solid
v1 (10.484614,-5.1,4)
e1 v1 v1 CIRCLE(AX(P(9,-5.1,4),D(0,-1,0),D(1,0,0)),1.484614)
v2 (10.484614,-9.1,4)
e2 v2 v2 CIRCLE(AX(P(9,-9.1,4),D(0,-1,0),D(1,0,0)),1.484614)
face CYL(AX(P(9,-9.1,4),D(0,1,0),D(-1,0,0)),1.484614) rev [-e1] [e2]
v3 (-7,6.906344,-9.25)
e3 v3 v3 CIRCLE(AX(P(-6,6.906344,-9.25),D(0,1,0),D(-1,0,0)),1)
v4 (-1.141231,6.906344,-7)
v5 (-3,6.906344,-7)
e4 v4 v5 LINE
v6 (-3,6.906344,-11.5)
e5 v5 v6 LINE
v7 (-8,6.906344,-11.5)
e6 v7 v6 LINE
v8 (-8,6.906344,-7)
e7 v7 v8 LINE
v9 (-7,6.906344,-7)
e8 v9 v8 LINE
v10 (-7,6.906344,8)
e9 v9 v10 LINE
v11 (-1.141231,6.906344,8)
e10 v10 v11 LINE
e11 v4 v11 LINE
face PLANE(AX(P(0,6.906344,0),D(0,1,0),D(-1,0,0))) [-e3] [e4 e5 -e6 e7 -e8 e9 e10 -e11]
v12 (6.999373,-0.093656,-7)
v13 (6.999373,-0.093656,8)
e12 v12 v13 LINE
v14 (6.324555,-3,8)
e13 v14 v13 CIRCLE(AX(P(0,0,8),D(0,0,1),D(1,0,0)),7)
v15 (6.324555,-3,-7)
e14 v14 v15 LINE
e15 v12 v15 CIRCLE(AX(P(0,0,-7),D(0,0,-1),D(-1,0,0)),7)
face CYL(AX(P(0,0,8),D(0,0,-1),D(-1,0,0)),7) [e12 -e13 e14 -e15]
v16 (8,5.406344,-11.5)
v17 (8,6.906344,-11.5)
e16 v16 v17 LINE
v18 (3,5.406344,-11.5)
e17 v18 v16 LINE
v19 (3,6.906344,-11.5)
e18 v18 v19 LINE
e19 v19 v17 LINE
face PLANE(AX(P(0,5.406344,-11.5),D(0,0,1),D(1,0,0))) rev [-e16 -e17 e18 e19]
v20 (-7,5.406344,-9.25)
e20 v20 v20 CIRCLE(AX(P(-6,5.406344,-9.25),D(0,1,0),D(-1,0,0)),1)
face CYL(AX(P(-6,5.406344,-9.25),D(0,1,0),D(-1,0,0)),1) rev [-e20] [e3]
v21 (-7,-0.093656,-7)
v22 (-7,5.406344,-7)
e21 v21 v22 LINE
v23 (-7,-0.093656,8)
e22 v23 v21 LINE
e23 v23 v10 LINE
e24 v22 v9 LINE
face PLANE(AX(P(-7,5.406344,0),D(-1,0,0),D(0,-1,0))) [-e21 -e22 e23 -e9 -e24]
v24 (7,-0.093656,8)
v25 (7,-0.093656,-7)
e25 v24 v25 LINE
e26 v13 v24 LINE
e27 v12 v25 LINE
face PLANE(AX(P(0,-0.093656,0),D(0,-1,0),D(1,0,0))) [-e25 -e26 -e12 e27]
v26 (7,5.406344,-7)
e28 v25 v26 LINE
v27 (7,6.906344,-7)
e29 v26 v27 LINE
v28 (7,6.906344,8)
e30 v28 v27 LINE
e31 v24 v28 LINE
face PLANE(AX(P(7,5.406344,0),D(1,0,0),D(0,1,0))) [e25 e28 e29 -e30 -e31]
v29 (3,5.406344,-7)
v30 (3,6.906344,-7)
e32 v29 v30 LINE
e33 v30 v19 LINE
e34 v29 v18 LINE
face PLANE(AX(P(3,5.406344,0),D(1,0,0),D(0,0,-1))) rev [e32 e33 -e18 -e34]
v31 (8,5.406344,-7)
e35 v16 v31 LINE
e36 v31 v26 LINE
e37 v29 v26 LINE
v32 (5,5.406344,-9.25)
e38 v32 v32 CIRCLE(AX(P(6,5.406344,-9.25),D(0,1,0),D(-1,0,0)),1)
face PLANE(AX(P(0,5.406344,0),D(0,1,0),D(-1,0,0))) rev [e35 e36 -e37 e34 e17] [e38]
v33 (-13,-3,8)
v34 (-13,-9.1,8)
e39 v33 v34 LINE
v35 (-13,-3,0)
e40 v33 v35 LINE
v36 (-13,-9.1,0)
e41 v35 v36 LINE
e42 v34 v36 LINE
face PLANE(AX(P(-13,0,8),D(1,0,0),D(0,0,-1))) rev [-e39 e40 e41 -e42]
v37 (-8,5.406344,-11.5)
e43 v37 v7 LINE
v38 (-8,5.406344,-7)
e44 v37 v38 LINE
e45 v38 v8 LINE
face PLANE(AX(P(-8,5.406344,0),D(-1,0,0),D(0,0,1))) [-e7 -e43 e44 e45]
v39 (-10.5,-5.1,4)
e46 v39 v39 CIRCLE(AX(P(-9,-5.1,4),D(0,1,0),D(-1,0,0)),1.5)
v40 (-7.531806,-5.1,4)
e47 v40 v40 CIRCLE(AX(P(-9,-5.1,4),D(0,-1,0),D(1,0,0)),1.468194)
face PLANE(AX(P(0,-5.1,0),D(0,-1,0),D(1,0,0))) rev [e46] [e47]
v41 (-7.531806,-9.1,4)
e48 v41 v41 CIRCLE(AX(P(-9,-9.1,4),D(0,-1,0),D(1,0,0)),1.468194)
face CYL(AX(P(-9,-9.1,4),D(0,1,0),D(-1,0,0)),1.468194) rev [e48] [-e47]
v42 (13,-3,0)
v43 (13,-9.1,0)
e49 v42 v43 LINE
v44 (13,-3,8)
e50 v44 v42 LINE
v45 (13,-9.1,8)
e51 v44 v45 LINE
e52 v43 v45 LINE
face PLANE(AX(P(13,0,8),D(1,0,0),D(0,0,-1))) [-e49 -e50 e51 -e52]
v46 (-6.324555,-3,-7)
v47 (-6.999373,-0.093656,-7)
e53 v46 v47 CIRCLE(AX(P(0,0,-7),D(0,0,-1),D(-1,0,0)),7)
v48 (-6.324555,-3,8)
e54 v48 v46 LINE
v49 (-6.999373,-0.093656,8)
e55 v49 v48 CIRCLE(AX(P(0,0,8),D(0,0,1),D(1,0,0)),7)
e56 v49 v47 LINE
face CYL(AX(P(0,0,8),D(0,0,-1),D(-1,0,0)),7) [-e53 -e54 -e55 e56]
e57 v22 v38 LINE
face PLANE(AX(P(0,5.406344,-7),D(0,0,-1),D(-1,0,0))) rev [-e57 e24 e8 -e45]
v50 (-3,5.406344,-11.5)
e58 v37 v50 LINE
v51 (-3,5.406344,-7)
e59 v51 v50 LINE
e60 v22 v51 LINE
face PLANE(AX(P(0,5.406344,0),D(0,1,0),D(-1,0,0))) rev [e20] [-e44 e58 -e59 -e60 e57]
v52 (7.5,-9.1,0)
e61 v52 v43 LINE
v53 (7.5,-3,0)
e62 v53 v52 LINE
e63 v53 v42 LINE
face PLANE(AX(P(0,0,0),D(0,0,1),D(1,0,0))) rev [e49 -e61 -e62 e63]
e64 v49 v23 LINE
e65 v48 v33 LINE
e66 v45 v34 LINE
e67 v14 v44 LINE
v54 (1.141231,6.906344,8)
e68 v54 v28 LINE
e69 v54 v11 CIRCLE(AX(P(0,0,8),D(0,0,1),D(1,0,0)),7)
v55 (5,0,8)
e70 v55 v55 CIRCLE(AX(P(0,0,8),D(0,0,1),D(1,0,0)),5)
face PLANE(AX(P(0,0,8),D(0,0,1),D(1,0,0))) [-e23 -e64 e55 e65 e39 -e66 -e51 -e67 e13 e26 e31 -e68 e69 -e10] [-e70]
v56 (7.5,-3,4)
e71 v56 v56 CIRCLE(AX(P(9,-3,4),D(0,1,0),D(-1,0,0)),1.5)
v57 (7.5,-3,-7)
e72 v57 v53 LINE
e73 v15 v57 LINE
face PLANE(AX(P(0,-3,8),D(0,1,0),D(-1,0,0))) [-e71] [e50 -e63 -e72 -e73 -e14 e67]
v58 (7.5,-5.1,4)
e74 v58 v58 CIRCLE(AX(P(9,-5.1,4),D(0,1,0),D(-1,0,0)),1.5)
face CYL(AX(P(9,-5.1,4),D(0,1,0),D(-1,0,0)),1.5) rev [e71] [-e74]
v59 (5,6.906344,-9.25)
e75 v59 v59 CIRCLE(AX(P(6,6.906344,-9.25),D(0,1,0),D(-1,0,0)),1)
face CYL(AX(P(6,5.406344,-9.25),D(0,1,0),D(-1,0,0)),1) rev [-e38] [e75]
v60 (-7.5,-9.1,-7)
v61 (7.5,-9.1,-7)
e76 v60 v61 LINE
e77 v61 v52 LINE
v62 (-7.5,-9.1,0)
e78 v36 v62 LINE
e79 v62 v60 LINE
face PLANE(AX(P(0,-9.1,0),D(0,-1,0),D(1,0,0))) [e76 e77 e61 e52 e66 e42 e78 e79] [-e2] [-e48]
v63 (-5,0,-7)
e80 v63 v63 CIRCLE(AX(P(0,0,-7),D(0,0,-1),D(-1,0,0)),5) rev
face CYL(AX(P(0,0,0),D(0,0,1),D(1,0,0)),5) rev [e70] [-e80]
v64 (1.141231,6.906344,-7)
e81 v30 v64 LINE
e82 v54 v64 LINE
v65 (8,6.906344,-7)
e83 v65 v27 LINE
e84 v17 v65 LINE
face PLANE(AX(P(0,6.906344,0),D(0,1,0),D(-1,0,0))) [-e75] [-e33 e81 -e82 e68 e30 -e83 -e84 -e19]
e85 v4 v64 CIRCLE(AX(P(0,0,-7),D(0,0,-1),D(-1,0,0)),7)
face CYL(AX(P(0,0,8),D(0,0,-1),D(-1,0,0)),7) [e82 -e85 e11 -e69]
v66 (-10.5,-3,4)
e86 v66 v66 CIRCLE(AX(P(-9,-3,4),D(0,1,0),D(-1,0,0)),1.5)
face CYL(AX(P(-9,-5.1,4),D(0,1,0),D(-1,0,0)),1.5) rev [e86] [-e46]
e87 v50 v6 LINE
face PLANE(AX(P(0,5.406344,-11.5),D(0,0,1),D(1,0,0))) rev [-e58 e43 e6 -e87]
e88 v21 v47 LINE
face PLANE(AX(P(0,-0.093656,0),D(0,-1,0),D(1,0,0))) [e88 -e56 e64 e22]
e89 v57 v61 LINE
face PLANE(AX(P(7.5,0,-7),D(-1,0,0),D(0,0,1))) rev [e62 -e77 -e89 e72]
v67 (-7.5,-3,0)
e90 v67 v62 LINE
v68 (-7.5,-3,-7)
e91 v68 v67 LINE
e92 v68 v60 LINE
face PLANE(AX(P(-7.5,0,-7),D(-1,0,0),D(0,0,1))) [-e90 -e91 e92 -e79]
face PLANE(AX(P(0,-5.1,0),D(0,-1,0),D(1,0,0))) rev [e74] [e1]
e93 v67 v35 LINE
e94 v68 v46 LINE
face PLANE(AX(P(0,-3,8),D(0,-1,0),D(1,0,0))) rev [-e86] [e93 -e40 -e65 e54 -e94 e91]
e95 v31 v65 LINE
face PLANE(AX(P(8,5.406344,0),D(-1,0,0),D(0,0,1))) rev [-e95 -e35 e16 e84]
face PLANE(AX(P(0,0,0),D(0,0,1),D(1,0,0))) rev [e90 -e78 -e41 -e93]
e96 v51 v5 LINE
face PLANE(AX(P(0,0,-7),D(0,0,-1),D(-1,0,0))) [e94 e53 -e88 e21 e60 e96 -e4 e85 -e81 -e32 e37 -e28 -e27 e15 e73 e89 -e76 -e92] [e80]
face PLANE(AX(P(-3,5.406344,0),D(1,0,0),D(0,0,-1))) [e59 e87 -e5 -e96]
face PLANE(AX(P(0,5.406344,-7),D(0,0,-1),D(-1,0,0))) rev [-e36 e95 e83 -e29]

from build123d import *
from build123d.topology import SkipClean

# Parameters (mm, degrees)
RESSALTO_EXTRUS_O4_DEPTH  = 8
ESBO_O7_W                 = 26
ESBO_O7_H                 = 8
RESSALTO_EXTRUS_O5_DEPTH  = 0.1
ESBO_O8_R                 = 5
CORTE_EXTRUS_O7_DEPTH     = 17.792855624
RESSALTO_EXTRUS_O6_DEPTH  = 7
ESBO_O10_R                = 1.5
CORTE_EXTRUS_O8_DEPTH     = 19.248287591
RESSALTO_EXTRUS_O7_DEPTH  = 1.5
ESBO_O12_W                = 2.553491136
ESBO_O12_H                = 15
RESSALTO_EXTRUS_O9_DEPTH  = 5.5
ESBO_O13_R                = 5
CORTE_EXTRUS_O9_DEPTH     = 22.04756518
ESBO_O14_R                = 1.468193857
ESBO_O14_R_2              = 1.484614178
RESSALTO_EXTRUS_O10_DEPTH = 4


with BuildPart() as part:
    # Esboço4 → Ressalto-extrusão4 (new body)
    with BuildSketch(Plane.XY):
        with BuildLine():
            Line((-13, -5), (13, -5))
            Line((13, -5), (13, -3))
            Line((13, -3), (6.32455532, -3))
            ThreePointArc((6.32455532, -3), (0, 7), (-6.32455532, -3))
            Line((-6.32455532, -3), (-13, -3))
            Line((-13, -3), (-13, -5))
        make_face()
    extrude(amount=RESSALTO_EXTRUS_O4_DEPTH)

    # Esboço7 → Ressalto-extrusão5 (add)
    with BuildSketch(Plane.XZ.offset(5)):
        with Locations((0, 4)):
            Rectangle(ESBO_O7_W, ESBO_O7_H)
    extrude(amount=RESSALTO_EXTRUS_O5_DEPTH)

    # Esboço8 → Corte-extrusão7 (cut, through all)
    with BuildSketch(Plane.XY.offset(8)):
        Circle(ESBO_O8_R)
    extrude(amount=-CORTE_EXTRUS_O7_DEPTH, mode=Mode.SUBTRACT)

    # Esboço9 → Ressalto-extrusão6 (add)
    with SkipClean():  # the faces are left unmerged after this step: merging them gives an invalid solid
        with BuildSketch(Plane(origin=(0, 0, 0), x_dir=(-1, 0, 0), z_dir=(0, 0, -1))):
            with BuildLine():
                Line((-6.32455532, -3), (-7.5, -3))
                Line((-7.5, -3), (-7.5, -5.1))
                Line((-7.5, -5.1), (0, -5.1))
                Line((0, -5.1), (7.5, -5.1))
                Line((7.5, -5.1), (7.5, -3))
                Line((7.5, -3), (6.32455532, -3))
                ThreePointArc((6.32455532, -3), (0, 7), (-6.32455532, -3))
            make_face()
            with BuildLine():
                ThreePointArc((5, 0), (4.74341649, -1.58113883), (4, -3))
                ThreePointArc((4, -3), (0, -5), (-4, -3))
                ThreePointArc((-4, -3), (-1.58113883, 4.74341649), (5, 0))
            make_face(mode=Mode.SUBTRACT)
        extrude(amount=RESSALTO_EXTRUS_O6_DEPTH)

    # Esboço10 → Corte-extrusão8 (cut, through all)
    with SkipClean():  # the faces are left unmerged after this step: merging them gives an invalid solid
        with BuildSketch(Plane(origin=(0, -3, 0), x_dir=(1, 0, 0), z_dir=(0, 1, 0))):
            with Locations(Location((-9, -4, 0), (0, 0, 180))):
                Circle(ESBO_O10_R)
            with Locations(Location((9, -4, 0), (0, 0, 180))):
                Circle(ESBO_O10_R)
        extrude(amount=-CORTE_EXTRUS_O8_DEPTH, mode=Mode.SUBTRACT)

    # Esboço11 → Ressalto-extrusão7 (add)
    # profile 1 of 3: a face of its own
    with SkipClean():  # the faces are left unmerged after this step: merging them gives an invalid solid
        with BuildSketch(Plane(origin=(0, 6.906344322, 0), x_dir=(0, 0, -1), z_dir=(0, 1, 0))):
            Polygon((7, 3), (7, 7), (-8, 7), (-8, -7), (7, -7), (7, -3), align=None)
        # profile 2 of 3: a face of its own
        with BuildSketch(Plane(origin=(0, 6.906344322, 0), x_dir=(0, 0, -1), z_dir=(0, 1, 0))):
            Polygon((7, 8), (7, 7), (7, 3), (11.5, 3), (11.5, 7), (11.5, 8), (9.25, 8), align=None)
            with BuildLine():
                ThreePointArc((10.25, 6), (8.542893219, 5.292893219), (9.25, 7))
                ThreePointArc((9.25, 7), (9.957106781, 6.707106781), (10.25, 6))
            make_face(mode=Mode.SUBTRACT)
        # profile 3 of 3: a face of its own
        with BuildSketch(Plane(origin=(0, 6.906344322, 0), x_dir=(0, 0, -1), z_dir=(0, 1, 0))):
            Polygon((11.5, -3), (7, -3), (7, -7), (7, -8), (9.25, -8), (11.5, -8), (11.5, -7), align=None)
            with BuildLine():
                ThreePointArc((10.25, -6), (9.957106781, -6.707106781), (9.25, -7))
                ThreePointArc((9.25, -7), (8.542893219, -5.292893219), (10.25, -6))
            make_face(mode=Mode.SUBTRACT)
        extrude(amount=-RESSALTO_EXTRUS_O7_DEPTH)

    # Esboço12 → Ressalto-extrusão9 (add)
    with SkipClean():  # the faces are left unmerged after this step: merging them gives an invalid solid
        with BuildSketch(Plane.XZ.offset(-5.406344322)):
            with Locations((-5.723254432, 0.5)):
                Rectangle(ESBO_O12_W, ESBO_O12_H)
            with Locations((5.723254432, 0.5)):
                Rectangle(ESBO_O12_W, ESBO_O12_H)
        extrude(amount=RESSALTO_EXTRUS_O9_DEPTH)

    # Esboço13 → Corte-extrusão9 (cut, through all)
    with SkipClean():  # the faces are left unmerged after this step: merging them gives an invalid solid
        with BuildSketch(Plane(origin=(0, 0, -7), x_dir=(-1, 0, 0), z_dir=(0, 0, -1))):
            with Locations(Location((0, 0, 0), (0, 0, 180))):
                Circle(ESBO_O13_R)
        extrude(amount=-CORTE_EXTRUS_O9_DEPTH, mode=Mode.SUBTRACT)

    # Esboço14 → Ressalto-extrusão10 (add)
    with SkipClean():  # the faces are left unmerged after this step: merging them gives an invalid solid
        with BuildSketch(Plane.XZ.offset(5.1)):
            Polygon((-13, 8), (-13, 0), (-7.5, 0), (-7.5, -7), (7.5, -7), (7.5, 0), (13, 0), (13, 8), align=None)
            with Locations((-9, 4)):
                Circle(ESBO_O14_R, mode=Mode.SUBTRACT)
            with Locations((9, 4)):
                Circle(ESBO_O14_R_2, mode=Mode.SUBTRACT)
        extrude(amount=RESSALTO_EXTRUS_O10_DEPTH)


solid = part.part
